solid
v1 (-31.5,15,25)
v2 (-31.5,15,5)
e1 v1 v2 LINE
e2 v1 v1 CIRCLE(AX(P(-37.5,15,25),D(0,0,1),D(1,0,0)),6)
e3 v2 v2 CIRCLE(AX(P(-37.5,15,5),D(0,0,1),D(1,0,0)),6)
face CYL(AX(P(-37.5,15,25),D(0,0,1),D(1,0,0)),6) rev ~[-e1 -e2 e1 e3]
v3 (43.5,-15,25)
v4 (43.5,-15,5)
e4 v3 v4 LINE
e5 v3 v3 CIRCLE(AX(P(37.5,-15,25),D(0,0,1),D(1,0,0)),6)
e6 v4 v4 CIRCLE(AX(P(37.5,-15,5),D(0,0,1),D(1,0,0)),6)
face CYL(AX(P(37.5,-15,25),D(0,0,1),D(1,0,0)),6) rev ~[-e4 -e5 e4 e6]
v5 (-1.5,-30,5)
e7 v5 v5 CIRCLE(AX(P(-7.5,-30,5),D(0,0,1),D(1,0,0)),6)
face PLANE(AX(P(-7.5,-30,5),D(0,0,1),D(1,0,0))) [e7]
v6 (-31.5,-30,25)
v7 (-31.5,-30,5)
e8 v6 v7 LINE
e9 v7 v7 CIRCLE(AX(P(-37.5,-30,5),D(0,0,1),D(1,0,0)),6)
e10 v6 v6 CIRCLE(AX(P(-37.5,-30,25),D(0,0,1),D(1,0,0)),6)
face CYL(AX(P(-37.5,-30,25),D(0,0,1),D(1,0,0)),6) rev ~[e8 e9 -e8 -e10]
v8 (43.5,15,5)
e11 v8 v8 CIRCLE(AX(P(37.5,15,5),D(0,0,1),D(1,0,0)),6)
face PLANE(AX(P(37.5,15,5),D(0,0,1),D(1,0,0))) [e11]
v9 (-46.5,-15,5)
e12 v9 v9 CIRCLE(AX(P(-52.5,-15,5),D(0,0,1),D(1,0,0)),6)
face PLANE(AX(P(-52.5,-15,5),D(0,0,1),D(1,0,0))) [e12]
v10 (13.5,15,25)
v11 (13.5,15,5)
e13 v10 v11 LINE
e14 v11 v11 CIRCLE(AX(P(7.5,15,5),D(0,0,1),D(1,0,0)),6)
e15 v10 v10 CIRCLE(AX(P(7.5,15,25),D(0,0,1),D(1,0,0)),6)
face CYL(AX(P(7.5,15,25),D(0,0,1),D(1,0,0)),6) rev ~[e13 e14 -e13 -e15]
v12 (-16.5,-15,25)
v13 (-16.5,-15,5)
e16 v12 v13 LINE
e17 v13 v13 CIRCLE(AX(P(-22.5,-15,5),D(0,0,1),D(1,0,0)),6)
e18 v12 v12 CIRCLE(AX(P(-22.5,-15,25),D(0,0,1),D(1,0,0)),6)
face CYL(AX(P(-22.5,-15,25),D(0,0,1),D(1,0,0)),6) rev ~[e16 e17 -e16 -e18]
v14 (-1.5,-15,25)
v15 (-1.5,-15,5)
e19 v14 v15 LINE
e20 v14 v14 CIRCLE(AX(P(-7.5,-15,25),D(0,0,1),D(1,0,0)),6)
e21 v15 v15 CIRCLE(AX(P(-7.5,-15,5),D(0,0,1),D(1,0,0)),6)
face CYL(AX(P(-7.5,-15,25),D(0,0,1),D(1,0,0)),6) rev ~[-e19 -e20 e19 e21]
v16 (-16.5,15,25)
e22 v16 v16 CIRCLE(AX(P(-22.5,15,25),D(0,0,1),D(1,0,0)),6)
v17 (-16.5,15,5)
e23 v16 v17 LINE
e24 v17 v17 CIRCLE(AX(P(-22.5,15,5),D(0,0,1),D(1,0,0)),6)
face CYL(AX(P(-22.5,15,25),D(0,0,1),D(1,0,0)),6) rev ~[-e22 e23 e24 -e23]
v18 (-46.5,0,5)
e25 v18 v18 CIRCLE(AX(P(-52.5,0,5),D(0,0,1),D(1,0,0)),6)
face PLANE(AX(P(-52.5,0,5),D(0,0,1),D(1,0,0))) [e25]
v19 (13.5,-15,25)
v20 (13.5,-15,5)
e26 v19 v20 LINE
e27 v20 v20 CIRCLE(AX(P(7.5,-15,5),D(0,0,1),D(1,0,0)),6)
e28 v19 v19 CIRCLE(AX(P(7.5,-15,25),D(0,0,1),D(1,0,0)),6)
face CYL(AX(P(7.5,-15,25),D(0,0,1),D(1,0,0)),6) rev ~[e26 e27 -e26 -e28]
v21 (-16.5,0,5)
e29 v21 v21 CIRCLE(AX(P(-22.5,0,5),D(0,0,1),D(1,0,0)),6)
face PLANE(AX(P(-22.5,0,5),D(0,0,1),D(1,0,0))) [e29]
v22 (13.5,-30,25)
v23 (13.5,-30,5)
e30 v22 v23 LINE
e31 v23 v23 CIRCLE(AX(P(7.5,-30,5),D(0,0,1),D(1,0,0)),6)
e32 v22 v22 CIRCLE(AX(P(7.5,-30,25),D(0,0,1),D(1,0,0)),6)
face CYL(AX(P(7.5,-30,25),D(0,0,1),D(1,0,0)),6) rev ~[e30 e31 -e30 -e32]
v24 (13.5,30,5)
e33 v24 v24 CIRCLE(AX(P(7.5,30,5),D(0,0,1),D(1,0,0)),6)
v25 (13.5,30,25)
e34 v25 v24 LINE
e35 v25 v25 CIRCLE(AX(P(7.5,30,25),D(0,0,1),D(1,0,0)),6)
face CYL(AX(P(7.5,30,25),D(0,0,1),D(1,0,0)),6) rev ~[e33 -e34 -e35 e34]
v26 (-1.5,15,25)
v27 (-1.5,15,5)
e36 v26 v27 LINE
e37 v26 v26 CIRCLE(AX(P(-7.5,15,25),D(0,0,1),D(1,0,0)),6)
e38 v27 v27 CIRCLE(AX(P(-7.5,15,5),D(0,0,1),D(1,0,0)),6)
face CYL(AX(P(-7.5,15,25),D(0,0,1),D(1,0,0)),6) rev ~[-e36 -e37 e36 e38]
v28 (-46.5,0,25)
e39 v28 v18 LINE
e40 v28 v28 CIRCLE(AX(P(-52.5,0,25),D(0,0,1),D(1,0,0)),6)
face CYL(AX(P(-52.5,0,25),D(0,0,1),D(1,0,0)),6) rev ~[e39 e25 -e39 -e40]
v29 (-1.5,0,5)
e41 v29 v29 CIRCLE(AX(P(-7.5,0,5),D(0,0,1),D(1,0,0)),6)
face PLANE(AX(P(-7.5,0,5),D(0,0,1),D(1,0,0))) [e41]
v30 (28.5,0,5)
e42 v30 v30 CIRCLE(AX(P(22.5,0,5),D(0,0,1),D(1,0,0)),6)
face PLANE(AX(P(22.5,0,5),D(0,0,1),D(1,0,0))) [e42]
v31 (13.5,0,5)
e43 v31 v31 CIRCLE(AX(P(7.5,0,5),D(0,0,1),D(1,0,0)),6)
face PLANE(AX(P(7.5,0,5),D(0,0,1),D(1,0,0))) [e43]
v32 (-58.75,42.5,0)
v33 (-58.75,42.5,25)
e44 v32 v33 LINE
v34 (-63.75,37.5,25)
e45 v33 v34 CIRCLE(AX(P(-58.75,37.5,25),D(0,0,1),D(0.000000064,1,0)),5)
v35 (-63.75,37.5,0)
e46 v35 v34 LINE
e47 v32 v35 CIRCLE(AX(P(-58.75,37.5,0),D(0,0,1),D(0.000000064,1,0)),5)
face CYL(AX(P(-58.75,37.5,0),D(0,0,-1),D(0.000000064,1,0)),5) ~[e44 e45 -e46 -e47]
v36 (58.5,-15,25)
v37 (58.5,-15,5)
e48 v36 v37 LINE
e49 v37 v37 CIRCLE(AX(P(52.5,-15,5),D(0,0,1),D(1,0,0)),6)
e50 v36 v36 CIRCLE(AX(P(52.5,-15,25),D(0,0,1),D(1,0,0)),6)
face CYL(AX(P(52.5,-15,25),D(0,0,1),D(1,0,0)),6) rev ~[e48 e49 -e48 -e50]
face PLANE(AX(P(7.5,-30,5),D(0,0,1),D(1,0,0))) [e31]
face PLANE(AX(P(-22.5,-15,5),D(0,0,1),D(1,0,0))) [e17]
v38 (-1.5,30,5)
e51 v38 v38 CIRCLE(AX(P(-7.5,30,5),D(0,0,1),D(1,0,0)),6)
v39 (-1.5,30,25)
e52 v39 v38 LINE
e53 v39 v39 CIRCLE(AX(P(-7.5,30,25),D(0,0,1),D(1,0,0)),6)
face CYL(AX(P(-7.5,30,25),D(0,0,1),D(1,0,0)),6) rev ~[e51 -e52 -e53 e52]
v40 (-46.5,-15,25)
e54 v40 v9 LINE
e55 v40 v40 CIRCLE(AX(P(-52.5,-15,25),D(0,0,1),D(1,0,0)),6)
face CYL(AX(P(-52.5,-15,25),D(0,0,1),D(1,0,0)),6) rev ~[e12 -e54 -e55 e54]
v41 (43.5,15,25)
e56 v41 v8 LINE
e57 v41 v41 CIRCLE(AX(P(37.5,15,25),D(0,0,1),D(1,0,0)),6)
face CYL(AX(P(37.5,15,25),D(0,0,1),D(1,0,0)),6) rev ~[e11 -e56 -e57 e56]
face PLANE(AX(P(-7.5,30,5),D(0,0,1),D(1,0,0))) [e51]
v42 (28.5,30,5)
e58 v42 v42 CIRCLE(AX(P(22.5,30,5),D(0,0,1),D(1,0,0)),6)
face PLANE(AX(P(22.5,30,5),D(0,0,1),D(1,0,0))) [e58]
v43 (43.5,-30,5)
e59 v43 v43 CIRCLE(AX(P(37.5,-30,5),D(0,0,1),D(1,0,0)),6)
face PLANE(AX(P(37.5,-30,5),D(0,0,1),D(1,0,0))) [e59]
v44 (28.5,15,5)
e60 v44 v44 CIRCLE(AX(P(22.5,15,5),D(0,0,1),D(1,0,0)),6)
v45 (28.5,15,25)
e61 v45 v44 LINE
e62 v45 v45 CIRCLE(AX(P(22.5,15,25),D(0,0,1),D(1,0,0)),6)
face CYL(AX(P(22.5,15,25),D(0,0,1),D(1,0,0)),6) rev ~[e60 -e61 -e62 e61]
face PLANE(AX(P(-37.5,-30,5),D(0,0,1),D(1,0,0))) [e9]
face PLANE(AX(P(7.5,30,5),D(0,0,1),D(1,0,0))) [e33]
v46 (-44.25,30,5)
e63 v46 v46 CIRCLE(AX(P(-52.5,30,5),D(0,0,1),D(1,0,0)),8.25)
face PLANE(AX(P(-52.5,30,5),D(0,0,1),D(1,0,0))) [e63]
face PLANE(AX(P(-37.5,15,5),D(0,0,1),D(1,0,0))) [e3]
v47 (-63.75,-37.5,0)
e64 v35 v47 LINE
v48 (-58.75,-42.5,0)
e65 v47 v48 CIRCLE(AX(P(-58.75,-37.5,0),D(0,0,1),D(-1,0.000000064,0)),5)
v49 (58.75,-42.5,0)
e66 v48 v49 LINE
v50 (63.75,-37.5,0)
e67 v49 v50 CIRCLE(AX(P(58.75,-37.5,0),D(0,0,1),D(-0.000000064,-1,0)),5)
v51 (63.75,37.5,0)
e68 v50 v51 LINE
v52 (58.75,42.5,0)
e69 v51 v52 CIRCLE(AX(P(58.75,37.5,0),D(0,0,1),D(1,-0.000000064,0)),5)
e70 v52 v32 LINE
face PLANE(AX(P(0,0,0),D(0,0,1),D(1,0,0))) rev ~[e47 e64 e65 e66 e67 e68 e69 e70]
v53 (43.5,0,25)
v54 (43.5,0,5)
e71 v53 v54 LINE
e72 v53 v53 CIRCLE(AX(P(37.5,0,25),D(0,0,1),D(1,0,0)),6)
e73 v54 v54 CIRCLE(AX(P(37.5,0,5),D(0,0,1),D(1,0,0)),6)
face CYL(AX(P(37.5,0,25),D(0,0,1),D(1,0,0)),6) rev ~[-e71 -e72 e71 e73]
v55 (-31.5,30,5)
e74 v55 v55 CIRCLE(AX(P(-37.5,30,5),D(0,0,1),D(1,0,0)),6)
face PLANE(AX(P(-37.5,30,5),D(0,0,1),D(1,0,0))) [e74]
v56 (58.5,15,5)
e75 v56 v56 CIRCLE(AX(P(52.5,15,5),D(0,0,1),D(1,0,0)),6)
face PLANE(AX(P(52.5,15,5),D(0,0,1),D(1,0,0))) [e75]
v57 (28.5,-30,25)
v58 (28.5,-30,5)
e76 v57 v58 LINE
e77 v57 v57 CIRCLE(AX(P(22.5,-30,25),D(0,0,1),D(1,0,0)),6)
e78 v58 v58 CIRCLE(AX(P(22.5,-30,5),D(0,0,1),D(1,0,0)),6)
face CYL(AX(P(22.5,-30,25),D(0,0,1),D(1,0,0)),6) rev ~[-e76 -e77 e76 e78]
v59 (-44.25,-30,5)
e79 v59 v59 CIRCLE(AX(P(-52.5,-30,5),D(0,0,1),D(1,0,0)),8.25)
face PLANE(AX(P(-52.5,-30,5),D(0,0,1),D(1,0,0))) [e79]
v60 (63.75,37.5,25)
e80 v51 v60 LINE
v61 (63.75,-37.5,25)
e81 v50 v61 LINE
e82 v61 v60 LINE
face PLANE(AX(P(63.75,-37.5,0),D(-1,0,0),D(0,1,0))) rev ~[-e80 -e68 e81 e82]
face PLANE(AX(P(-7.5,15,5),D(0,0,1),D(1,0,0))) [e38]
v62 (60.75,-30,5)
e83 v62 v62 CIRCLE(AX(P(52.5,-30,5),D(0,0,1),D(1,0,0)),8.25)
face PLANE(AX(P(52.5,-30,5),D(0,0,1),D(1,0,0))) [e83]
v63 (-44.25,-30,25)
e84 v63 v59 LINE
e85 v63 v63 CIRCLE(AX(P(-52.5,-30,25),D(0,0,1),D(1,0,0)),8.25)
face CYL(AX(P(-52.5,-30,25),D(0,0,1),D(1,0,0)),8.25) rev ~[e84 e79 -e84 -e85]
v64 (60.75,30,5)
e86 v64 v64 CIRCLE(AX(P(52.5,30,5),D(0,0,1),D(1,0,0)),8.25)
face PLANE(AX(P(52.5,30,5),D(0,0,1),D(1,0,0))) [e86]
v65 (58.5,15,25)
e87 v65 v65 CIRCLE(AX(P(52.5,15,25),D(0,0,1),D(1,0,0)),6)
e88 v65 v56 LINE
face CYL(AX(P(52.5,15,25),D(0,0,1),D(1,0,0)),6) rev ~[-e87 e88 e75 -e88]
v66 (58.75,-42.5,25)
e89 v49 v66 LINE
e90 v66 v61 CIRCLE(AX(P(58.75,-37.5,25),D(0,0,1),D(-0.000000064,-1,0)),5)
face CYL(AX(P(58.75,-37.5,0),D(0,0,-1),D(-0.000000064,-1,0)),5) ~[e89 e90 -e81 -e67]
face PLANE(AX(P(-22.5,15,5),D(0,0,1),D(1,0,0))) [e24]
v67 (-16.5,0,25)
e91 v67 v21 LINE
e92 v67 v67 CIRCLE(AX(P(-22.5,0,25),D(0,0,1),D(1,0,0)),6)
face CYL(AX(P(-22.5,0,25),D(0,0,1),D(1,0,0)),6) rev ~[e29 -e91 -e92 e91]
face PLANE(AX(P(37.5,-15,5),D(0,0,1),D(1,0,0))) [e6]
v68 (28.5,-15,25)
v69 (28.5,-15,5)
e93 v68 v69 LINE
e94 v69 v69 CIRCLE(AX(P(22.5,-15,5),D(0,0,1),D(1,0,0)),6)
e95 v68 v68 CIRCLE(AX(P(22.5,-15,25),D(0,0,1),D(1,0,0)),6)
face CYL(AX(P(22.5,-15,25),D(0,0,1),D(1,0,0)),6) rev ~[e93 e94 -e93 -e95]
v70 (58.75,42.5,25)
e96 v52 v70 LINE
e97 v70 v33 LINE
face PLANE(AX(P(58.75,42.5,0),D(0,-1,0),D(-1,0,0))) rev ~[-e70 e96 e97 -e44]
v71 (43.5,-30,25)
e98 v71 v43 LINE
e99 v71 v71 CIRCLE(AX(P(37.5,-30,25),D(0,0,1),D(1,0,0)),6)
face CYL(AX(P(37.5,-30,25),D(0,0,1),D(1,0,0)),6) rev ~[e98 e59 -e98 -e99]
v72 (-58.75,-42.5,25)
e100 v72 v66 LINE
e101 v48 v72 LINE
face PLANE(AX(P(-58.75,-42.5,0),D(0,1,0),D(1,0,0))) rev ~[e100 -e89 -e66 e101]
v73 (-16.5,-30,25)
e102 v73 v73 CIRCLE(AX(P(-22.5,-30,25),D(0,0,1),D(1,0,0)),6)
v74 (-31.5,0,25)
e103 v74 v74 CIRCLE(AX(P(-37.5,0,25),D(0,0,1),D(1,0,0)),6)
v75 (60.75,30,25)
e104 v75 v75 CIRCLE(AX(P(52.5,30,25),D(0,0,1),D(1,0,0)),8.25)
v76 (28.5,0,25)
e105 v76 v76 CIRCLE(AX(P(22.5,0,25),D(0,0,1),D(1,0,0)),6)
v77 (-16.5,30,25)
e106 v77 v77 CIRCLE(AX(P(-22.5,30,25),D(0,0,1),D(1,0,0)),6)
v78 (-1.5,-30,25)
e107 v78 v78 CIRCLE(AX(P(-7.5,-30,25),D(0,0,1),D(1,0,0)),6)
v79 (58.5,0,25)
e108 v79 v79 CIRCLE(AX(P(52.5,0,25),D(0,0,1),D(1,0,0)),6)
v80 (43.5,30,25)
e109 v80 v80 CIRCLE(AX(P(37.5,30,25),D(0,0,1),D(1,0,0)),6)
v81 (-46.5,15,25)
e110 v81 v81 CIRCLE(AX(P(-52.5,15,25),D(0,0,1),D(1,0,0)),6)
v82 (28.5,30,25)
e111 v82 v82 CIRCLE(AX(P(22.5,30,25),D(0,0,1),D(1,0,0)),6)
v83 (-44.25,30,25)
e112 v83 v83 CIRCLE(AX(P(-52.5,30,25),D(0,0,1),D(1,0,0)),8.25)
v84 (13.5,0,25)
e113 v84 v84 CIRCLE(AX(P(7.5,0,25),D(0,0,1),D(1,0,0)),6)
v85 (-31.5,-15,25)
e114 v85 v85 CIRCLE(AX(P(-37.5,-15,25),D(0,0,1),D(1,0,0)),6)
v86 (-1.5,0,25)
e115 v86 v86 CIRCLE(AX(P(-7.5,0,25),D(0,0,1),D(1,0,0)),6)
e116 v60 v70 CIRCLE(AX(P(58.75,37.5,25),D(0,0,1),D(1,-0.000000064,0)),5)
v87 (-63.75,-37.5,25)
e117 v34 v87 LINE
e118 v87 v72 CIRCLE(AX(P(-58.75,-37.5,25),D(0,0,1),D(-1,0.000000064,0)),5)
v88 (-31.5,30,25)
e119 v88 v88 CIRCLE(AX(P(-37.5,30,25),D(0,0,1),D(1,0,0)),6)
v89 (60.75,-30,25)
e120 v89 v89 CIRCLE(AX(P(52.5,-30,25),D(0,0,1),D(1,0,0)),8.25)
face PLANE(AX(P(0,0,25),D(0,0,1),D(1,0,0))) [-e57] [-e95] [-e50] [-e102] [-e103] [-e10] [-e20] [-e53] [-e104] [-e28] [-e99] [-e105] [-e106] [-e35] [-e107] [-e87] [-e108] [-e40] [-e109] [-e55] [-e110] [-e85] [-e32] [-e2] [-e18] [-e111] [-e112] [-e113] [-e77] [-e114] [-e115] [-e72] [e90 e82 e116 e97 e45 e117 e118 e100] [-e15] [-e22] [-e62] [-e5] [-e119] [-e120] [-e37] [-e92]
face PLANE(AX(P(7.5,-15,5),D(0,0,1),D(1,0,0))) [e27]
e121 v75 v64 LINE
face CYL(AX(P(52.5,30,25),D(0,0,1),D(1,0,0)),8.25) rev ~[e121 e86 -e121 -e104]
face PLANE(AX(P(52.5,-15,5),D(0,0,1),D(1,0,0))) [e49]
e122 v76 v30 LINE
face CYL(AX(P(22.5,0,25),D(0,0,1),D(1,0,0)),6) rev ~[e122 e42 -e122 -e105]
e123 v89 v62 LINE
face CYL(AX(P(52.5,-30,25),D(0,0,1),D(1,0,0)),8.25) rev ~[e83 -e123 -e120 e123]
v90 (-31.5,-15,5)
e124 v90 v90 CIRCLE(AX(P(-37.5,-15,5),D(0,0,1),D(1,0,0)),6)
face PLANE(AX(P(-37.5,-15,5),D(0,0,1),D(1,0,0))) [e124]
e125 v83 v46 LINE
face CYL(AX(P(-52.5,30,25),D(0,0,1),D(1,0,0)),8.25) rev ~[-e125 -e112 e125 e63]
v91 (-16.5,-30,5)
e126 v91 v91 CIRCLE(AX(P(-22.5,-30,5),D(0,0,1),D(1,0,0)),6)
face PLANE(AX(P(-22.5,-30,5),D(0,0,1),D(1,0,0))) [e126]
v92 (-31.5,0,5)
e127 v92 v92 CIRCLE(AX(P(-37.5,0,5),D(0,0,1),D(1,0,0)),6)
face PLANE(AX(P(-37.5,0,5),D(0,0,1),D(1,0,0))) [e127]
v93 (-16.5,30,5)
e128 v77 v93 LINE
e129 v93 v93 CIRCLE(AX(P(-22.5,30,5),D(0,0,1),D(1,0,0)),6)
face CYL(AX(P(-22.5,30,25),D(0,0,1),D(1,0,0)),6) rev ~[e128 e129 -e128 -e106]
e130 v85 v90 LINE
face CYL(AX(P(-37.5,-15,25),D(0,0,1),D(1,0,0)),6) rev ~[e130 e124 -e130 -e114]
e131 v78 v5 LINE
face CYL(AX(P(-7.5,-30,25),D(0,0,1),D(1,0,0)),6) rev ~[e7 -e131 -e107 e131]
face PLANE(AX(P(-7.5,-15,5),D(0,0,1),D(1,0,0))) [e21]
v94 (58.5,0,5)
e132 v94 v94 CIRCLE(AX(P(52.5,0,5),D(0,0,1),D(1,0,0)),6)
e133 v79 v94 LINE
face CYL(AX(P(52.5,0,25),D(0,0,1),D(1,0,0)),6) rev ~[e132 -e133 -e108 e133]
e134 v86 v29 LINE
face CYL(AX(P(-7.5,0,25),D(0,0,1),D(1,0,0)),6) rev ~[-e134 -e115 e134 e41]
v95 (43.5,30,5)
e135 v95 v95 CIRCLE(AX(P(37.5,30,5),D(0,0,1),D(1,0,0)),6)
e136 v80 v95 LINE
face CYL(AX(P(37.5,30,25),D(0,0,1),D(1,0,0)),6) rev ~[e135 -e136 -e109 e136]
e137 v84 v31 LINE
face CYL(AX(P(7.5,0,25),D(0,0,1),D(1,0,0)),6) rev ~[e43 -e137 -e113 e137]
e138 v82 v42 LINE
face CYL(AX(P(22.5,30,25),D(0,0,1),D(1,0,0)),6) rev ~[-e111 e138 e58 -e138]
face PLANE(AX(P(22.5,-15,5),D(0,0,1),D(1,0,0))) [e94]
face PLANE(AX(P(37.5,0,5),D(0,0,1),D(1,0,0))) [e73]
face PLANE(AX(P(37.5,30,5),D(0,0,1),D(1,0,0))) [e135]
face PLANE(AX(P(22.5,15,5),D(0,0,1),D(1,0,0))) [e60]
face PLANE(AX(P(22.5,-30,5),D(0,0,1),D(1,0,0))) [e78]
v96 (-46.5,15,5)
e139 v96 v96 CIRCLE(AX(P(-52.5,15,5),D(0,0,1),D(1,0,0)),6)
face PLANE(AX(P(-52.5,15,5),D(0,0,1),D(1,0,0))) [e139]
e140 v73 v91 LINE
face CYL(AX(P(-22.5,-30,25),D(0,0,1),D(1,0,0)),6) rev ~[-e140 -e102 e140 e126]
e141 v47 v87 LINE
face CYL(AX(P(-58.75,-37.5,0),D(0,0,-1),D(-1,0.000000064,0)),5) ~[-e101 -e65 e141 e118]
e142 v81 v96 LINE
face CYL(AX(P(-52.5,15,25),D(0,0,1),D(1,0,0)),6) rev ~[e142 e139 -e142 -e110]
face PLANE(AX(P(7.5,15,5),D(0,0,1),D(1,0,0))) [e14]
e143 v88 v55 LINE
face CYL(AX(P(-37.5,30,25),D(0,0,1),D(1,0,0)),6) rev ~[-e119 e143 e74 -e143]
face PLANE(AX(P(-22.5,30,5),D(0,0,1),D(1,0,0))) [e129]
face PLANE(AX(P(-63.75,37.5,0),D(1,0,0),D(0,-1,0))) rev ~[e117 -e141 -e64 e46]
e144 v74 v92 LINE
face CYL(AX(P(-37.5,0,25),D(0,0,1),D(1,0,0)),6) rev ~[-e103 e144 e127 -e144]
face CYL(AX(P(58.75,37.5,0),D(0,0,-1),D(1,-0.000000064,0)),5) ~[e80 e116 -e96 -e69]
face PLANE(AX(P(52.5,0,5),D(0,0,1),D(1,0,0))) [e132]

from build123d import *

# Parameters (mm, degrees)
F1_DEPTH = 25
F2_R     = 6
F2_R_2   = 8.25
F3_DEPTH = 20


with BuildPart() as f1:
    # F0 (on Top) → F1 (new body)
    with BuildSketch(Plane.XY):
        with BuildLine():
            Line((-58.75, -42.5), (58.75, -42.5))
            ThreePointArc((58.75, -42.5), (62.285534, -41.035534), (63.75, -37.5))
            Line((63.75, -37.5), (63.75, 37.5))
            ThreePointArc((63.75, 37.5), (62.285534, 41.035534), (58.75, 42.5))
            Line((58.75, 42.5), (-58.75, 42.5))
            ThreePointArc((-58.75, 42.5), (-62.285534, 41.035534), (-63.75, 37.5))
            Line((-63.75, 37.5), (-63.75, -37.5))
            ThreePointArc((-63.75, -37.5), (-62.285534, -41.035534), (-58.75, -42.5))
        make_face()
    extrude(amount=F1_DEPTH)

    # F2 (on face) → F3 (cut)
    with BuildSketch(Plane.XY.offset(25)):
        with Locations((-52.5, 15)):
            Circle(F2_R)
        with Locations((-52.5, 0)):
            Circle(F2_R)
        with Locations((-52.5, -15)):
            Circle(F2_R)
        with Locations((-37.5, 30)):
            Circle(F2_R)
        with Locations((-37.5, 15)):
            Circle(F2_R)
        with Locations((-37.5, 0)):
            Circle(F2_R)
        with Locations((-37.5, -15)):
            Circle(F2_R)
        with Locations((-37.5, -30)):
            Circle(F2_R)
        with Locations((-22.5, 30)):
            Circle(F2_R)
        with Locations((-22.5, 15)):
            Circle(F2_R)
        with Locations((-22.5, 0)):
            Circle(F2_R)
        with Locations((-22.5, -15)):
            Circle(F2_R)
        with Locations((-22.5, -30)):
            Circle(F2_R)
        with Locations((-7.5, 30)):
            Circle(F2_R)
        with Locations((-7.5, 15)):
            Circle(F2_R)
        with Locations((-7.5, 0)):
            Circle(F2_R)
        with Locations((-7.5, -15)):
            Circle(F2_R)
        with Locations((-7.5, -30)):
            Circle(F2_R)
        with Locations((7.5, 30)):
            Circle(F2_R)
        with Locations((7.5, 15)):
            Circle(F2_R)
        with Locations((7.5, 0)):
            Circle(F2_R)
        with Locations((7.5, -15)):
            Circle(F2_R)
        with Locations((7.5, -30)):
            Circle(F2_R)
        with Locations((22.5, 30)):
            Circle(F2_R)
        with Locations((22.5, 15)):
            Circle(F2_R)
        with Locations((22.5, 0)):
            Circle(F2_R)
        with Locations((22.5, -15)):
            Circle(F2_R)
        with Locations((22.5, -30)):
            Circle(F2_R)
        with Locations((37.5, 30)):
            Circle(F2_R)
        with Locations((37.5, 15)):
            Circle(F2_R)
        with Locations((37.5, 0)):
            Circle(F2_R)
        with Locations((37.5, -15)):
            Circle(F2_R)
        with Locations((37.5, -30)):
            Circle(F2_R)
        with Locations((52.5, 15)):
            Circle(F2_R)
        with Locations((52.5, 0)):
            Circle(F2_R)
        with Locations((52.5, -15)):
            Circle(F2_R)
        with Locations((-52.5, 30)):
            Circle(F2_R_2)
        with Locations((-52.5, -30)):
            Circle(F2_R_2)
        with Locations((52.5, 30)):
            Circle(F2_R_2)
        with Locations((52.5, -30)):
            Circle(F2_R_2)
    extrude(amount=-F3_DEPTH, mode=Mode.SUBTRACT)


solid = f1.part
